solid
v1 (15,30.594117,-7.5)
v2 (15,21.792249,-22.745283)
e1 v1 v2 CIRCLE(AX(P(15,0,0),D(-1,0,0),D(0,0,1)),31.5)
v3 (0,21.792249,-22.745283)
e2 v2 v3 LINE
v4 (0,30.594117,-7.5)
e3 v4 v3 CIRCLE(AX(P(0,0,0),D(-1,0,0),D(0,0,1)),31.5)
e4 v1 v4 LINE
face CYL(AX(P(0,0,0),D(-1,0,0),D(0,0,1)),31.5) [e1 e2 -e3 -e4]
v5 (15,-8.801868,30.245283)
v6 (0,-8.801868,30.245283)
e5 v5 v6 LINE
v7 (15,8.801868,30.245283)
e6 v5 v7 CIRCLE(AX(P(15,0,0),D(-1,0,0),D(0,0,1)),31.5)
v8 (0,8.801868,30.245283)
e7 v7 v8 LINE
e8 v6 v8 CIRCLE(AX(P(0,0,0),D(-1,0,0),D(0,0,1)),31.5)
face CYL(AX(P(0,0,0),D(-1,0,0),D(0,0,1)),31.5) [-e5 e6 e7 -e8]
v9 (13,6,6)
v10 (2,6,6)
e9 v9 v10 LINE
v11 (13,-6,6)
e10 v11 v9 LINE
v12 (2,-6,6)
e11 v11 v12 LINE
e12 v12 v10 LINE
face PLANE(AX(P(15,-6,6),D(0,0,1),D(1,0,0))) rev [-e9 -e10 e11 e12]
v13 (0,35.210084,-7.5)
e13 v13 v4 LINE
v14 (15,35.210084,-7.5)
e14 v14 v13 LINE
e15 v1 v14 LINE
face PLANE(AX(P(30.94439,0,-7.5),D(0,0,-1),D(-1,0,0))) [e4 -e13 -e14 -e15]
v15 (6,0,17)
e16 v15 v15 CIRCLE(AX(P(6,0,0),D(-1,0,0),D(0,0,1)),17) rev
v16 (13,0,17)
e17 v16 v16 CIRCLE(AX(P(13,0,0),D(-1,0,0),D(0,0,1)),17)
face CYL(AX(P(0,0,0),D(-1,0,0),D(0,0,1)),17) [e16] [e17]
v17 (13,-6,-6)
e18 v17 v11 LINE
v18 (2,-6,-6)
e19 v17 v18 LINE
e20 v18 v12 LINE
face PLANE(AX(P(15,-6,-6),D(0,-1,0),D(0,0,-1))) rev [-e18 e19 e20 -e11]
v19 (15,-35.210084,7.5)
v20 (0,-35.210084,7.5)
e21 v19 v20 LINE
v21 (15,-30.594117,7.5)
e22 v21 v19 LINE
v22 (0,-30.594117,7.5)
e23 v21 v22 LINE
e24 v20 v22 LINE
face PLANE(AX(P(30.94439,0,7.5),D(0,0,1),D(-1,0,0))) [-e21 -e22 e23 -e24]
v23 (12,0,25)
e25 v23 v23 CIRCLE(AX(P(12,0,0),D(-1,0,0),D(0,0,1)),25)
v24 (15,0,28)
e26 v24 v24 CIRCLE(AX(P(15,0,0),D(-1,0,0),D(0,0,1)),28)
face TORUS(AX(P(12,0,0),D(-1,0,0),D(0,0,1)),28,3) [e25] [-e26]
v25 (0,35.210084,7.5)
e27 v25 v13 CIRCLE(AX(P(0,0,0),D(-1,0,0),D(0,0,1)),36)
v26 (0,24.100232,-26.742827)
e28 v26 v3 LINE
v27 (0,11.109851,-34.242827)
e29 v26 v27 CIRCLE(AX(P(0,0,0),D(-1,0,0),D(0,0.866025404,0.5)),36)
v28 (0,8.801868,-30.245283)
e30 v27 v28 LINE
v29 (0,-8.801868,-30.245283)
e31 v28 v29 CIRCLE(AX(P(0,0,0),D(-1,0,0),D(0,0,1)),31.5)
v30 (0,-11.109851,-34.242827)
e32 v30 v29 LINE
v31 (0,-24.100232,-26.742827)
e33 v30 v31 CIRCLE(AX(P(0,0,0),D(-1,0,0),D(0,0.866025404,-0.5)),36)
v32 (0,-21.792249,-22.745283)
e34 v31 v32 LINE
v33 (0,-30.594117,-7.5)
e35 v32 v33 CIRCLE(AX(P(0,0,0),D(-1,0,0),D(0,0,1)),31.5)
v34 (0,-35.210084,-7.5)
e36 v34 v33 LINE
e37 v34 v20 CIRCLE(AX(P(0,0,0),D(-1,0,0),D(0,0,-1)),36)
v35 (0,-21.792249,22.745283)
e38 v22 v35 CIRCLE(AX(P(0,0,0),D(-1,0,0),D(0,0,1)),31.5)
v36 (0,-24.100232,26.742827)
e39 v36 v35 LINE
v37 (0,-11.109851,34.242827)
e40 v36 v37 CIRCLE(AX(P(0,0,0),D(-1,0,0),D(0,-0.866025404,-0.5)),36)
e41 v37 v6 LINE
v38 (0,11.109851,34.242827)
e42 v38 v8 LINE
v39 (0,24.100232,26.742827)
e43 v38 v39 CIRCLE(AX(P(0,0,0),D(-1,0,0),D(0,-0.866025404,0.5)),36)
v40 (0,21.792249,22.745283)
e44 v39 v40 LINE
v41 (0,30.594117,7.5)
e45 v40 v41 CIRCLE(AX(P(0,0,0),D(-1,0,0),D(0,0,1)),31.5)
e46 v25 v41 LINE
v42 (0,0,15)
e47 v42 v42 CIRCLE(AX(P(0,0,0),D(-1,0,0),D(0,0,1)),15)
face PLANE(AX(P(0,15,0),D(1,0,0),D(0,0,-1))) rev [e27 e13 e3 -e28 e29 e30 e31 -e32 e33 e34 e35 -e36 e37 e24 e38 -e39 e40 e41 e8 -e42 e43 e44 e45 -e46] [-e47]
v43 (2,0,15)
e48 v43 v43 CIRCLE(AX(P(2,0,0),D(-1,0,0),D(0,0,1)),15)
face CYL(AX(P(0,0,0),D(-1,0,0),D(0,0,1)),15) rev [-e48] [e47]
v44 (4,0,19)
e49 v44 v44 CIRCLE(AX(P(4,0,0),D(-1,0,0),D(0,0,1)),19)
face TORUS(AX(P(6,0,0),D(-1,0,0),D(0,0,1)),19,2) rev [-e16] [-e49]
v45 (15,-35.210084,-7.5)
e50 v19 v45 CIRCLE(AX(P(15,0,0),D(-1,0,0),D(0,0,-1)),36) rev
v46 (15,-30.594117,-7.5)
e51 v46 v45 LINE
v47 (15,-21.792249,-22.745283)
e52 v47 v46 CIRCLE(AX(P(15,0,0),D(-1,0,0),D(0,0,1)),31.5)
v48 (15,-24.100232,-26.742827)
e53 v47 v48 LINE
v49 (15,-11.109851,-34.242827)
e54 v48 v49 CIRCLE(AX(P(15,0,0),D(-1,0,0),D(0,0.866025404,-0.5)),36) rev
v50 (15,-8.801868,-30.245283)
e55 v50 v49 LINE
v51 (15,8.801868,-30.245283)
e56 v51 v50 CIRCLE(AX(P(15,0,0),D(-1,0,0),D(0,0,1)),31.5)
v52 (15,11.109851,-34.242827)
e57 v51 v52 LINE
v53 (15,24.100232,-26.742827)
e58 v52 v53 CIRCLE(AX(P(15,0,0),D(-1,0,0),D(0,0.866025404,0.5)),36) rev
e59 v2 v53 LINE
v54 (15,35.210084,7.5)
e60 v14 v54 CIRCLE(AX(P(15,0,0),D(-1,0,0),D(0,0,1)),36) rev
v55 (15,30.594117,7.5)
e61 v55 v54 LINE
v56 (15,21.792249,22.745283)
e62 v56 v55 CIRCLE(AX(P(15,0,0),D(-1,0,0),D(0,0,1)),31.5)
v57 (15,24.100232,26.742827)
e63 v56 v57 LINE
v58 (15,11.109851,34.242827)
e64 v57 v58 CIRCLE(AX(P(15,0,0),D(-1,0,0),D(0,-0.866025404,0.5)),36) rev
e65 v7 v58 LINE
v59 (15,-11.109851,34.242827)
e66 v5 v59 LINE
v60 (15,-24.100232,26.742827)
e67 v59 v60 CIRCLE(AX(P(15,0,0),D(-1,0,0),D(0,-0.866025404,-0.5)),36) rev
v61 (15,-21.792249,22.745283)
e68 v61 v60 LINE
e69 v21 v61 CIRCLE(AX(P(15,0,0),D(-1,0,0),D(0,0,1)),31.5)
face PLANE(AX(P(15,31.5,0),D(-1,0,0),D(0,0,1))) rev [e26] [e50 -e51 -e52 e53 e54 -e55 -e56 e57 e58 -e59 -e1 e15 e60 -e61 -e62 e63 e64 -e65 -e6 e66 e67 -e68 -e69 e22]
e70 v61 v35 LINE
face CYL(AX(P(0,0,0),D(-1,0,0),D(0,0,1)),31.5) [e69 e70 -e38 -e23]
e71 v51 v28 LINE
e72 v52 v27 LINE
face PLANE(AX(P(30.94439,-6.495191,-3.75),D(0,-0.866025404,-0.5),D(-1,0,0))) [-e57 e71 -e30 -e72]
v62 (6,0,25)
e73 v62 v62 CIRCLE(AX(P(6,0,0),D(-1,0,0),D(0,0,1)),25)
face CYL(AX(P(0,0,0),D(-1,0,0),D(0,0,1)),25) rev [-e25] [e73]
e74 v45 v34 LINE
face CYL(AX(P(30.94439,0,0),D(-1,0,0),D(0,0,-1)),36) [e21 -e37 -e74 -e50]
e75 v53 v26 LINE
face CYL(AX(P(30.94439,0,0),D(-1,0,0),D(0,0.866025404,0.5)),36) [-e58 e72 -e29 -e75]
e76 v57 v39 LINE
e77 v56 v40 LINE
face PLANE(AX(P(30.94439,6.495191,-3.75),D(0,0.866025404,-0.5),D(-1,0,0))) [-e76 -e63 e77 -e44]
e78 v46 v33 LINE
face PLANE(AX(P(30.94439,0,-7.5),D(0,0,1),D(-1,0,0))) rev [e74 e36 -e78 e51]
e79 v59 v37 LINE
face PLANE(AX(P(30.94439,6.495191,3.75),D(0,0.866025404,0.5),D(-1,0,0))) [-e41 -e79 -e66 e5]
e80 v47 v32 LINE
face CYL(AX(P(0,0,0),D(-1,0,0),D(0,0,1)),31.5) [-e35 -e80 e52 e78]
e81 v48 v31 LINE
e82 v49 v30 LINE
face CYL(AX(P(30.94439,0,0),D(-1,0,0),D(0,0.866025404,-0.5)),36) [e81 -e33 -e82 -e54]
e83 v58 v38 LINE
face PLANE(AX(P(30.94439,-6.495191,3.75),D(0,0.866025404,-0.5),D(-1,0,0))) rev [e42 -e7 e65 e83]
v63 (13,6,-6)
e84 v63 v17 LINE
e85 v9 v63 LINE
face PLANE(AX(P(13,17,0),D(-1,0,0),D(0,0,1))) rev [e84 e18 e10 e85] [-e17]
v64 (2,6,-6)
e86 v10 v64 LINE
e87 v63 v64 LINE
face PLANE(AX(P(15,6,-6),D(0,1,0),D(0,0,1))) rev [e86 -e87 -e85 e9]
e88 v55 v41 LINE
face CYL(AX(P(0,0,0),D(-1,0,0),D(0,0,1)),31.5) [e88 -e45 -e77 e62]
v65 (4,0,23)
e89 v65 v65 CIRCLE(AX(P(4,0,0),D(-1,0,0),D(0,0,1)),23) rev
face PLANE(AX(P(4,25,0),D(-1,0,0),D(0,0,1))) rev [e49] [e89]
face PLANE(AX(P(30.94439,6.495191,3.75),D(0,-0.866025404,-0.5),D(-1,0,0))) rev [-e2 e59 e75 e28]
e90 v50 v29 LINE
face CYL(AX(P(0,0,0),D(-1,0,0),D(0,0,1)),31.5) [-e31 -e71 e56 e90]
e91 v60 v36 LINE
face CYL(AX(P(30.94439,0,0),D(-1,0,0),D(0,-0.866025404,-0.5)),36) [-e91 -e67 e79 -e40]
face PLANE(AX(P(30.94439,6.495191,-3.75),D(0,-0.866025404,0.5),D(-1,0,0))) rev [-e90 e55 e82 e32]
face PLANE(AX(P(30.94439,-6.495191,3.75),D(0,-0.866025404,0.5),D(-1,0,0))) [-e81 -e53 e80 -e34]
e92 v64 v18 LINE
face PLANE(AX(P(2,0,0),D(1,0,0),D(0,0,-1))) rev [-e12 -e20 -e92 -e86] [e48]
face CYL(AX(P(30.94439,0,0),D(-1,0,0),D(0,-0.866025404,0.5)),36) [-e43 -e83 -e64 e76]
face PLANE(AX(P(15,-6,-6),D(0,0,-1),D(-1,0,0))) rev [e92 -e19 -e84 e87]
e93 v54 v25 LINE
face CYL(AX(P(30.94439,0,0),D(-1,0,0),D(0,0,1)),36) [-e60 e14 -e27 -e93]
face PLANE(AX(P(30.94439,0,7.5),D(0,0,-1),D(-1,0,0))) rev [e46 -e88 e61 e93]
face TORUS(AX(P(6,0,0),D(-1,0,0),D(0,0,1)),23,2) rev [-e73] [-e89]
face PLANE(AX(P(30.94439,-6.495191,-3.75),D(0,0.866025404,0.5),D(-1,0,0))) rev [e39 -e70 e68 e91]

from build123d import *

# Parameters (mm, degrees)
SKETCH_2_W               = 12
SKETCH_2_H               = 12
CUT_EXTRUDE_1_DEPTH      = 47.405818601
EXTRUDE_START            = -15
EXTRUDE_1_DEPTH          = 15
PATTERN_CIRCULAR_1_COUNT = 6
FILLET_1_R               = 2


with BuildPart() as part:
    # Эскиз1 → Повернуть1 (revolve)
    with BuildSketch(Plane.XY, mode=Mode.PRIVATE) as revolve_1_sk:
        with BuildLine():
            Line((2, 0), (2, 15))
            Line((2, 15), (0, 15))
            Line((0, 15), (0, 31.5))
            Line((0, 31.5), (15, 31.5))
            Line((15, 31.5), (15, 28))
            ThreePointArc((15, 28), (14.121320344, 25.878679656), (12, 25))
            Line((12, 25), (4, 25))
            Line((4, 25), (4, 17))
            Line((4, 17), (13, 17))
            Line((13, 17), (13, 0))
            Line((13, 0), (2, 0))
        make_face()
    revolve(revolve_1_sk.sketch.rotate(Axis((0, 0, 0), (1, 0, 0)), 90), axis=Axis((0, 0, 0), (1, 0, 0)))

    # Эскиз2 → Вырез-Вытянуть1 (cut, through all)
    with BuildSketch(Plane.ZY.offset(-2)):
        Rectangle(SKETCH_2_W, SKETCH_2_H)
    extrude(amount=-CUT_EXTRUDE_1_DEPTH, mode=Mode.SUBTRACT)

    # Эскиз3 → Бобышка-Вытянуть1 (add)
    with BuildSketch(Plane.ZY.offset(EXTRUDE_START)):
        with BuildLine():
            ThreePointArc((7.5, 35.210083783), (0, 36), (-7.5, 35.210083783))
            Line((-7.5, 35.210083783), (-7.5, 30.594117082))
            ThreePointArc((-7.5, 30.594117082), (0, 31.5), (7.5, 30.594117082))
            Line((7.5, 30.594117082), (7.5, 35.210083783))
        make_face()
    extrude_1 = extrude(amount=EXTRUDE_1_DEPTH)

    # Круговой массив1: Бобышка-Вытянуть1 ×6 about axis
    pattern_circular_1_axis = Axis((0, 0, 0), (1, 0, 0))
    for i in range(1, PATTERN_CIRCULAR_1_COUNT):
        add(extrude_1.rotate(pattern_circular_1_axis, i * 360 / PATTERN_CIRCULAR_1_COUNT))

    # Скругление1
    fillet_1_edges = [part.edges().sort_by_distance(p)[0] for p in [
        (4, 0, -17),
        (4, 0, -25),
    ]]
    fillet(fillet_1_edges, radius=FILLET_1_R)


solid = part.part
